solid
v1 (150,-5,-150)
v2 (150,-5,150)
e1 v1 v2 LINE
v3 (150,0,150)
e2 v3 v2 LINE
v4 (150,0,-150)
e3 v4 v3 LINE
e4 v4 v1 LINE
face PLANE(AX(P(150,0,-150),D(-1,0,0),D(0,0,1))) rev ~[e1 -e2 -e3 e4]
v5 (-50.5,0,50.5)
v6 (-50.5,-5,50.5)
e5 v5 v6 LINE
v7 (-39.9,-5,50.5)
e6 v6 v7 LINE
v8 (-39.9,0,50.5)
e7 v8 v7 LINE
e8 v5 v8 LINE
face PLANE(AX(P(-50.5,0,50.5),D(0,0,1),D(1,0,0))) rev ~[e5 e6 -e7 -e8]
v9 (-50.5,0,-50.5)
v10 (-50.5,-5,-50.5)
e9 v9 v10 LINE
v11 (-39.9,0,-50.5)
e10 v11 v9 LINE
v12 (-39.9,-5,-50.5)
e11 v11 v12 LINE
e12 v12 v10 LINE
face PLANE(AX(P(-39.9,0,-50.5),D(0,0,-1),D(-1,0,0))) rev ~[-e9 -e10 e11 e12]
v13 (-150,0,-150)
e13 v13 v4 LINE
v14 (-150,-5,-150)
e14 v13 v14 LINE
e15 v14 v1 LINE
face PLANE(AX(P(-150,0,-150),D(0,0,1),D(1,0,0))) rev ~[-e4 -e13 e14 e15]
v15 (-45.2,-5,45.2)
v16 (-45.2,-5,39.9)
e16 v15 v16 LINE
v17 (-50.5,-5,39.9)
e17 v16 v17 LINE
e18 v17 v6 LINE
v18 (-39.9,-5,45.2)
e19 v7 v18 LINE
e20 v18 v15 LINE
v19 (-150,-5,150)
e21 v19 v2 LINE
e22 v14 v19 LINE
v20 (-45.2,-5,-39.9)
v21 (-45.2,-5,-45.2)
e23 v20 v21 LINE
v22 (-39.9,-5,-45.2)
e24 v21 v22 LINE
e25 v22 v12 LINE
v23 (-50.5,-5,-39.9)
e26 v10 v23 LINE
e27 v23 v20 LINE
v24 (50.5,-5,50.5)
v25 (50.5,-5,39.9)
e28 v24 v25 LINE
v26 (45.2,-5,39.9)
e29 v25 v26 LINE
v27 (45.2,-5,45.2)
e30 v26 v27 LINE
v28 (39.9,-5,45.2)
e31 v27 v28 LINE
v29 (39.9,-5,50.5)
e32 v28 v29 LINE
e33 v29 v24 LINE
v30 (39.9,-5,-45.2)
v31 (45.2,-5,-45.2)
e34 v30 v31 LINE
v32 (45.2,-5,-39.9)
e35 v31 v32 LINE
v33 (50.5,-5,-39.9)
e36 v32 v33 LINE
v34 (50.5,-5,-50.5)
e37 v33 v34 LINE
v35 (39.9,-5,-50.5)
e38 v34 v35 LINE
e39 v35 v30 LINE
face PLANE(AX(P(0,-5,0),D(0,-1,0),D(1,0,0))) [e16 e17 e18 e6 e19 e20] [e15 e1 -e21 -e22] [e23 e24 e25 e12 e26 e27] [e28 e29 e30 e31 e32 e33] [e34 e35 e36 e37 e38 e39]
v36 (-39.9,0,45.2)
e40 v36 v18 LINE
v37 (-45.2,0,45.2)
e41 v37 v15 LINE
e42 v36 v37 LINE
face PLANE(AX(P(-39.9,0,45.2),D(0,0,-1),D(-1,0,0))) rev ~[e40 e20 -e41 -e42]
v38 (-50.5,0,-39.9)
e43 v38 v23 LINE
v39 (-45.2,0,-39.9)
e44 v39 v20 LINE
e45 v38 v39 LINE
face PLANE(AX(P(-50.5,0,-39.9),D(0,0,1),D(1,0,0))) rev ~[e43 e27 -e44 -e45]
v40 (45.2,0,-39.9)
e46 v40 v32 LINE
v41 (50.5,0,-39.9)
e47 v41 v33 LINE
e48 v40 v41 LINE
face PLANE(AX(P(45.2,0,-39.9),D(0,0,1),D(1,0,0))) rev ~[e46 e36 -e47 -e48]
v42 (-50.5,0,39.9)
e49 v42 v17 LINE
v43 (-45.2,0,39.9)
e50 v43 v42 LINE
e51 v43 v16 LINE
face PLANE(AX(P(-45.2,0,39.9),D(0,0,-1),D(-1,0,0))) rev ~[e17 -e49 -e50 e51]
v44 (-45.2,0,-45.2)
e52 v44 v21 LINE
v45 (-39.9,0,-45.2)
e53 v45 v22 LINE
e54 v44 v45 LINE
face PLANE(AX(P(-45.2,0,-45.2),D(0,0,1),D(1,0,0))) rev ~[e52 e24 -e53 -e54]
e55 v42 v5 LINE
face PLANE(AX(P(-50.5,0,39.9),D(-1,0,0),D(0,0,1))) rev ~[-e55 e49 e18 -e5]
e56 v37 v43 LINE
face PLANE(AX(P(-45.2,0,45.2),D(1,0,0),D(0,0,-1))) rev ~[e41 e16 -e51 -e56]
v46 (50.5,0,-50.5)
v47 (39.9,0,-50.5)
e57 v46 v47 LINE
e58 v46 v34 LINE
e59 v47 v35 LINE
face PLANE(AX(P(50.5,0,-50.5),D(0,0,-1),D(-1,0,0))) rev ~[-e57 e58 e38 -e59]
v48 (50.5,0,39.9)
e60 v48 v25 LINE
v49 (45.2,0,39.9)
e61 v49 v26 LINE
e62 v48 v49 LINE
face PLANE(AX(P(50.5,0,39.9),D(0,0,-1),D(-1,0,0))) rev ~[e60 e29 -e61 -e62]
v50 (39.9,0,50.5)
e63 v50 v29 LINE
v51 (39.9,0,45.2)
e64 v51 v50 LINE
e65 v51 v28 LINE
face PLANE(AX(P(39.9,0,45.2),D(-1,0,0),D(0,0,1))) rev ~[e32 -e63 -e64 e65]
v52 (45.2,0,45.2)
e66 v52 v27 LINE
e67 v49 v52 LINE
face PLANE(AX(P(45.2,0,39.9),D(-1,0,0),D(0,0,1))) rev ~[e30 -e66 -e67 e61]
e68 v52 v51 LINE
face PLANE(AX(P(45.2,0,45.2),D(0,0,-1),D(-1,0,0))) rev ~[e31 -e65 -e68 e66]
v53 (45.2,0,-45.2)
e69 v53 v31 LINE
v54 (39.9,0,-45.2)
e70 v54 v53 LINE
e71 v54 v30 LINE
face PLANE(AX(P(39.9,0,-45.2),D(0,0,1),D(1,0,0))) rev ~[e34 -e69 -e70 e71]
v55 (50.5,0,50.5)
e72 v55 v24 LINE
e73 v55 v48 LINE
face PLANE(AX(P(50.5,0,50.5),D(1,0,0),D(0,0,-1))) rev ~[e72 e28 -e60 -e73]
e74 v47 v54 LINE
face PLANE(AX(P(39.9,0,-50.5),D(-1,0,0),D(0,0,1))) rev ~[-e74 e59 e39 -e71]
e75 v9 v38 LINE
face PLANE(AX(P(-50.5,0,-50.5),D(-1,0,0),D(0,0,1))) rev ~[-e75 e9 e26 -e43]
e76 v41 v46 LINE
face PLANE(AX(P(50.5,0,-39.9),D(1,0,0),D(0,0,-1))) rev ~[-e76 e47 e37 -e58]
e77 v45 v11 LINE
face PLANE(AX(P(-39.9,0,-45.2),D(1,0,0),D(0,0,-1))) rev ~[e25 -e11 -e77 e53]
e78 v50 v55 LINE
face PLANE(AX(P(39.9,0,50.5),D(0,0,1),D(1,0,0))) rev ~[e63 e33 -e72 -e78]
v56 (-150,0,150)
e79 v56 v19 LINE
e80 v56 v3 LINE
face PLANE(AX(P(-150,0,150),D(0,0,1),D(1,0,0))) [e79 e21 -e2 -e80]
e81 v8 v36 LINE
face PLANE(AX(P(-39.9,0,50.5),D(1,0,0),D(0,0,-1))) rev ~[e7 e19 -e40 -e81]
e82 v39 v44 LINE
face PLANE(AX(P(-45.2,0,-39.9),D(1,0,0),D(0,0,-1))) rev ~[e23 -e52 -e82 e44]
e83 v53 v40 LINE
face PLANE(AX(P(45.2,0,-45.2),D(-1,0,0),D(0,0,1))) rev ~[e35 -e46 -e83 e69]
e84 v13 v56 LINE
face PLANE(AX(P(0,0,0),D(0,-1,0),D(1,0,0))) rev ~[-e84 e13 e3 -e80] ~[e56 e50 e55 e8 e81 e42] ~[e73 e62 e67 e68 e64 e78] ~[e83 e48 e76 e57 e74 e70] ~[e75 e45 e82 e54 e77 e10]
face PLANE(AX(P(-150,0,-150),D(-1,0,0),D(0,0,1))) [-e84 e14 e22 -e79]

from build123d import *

# Parameters (mm, degrees)
F0_W     = 300
F0_H     = 300
F1_DEPTH = 5


with BuildPart() as f1:
    # F0 (on Front) → F1 (new body)
    with BuildSketch(Plane.XZ):
        Rectangle(F0_W, F0_H)
        Polygon((-45.2, -50.5), (-50.5, -50.5), (-50.5, -45.2), (-50.5, -39.9), (-45.2, -39.9), (-45.2, -45.2), (-39.9, -45.2), (-39.9, -50.5), align=None, mode=Mode.SUBTRACT)
        Polygon((45.2, -50.5), (39.9, -50.5), (39.9, -45.2), (45.2, -45.2), (45.2, -39.9), (50.5, -39.9), (50.5, -45.2), (50.5, -50.5), align=None, mode=Mode.SUBTRACT)
        Polygon((-50.5, 45.2), (-50.5, 50.5), (-45.2, 50.5), (-39.9, 50.5), (-39.9, 45.2), (-45.2, 45.2), (-45.2, 39.9), (-50.5, 39.9), align=None, mode=Mode.SUBTRACT)
        Polygon((45.2, 50.5), (50.5, 50.5), (50.5, 45.2), (50.5, 39.9), (45.2, 39.9), (45.2, 45.2), (39.9, 45.2), (39.9, 50.5), align=None, mode=Mode.SUBTRACT)
    extrude(amount=F1_DEPTH)


solid = f1.part
